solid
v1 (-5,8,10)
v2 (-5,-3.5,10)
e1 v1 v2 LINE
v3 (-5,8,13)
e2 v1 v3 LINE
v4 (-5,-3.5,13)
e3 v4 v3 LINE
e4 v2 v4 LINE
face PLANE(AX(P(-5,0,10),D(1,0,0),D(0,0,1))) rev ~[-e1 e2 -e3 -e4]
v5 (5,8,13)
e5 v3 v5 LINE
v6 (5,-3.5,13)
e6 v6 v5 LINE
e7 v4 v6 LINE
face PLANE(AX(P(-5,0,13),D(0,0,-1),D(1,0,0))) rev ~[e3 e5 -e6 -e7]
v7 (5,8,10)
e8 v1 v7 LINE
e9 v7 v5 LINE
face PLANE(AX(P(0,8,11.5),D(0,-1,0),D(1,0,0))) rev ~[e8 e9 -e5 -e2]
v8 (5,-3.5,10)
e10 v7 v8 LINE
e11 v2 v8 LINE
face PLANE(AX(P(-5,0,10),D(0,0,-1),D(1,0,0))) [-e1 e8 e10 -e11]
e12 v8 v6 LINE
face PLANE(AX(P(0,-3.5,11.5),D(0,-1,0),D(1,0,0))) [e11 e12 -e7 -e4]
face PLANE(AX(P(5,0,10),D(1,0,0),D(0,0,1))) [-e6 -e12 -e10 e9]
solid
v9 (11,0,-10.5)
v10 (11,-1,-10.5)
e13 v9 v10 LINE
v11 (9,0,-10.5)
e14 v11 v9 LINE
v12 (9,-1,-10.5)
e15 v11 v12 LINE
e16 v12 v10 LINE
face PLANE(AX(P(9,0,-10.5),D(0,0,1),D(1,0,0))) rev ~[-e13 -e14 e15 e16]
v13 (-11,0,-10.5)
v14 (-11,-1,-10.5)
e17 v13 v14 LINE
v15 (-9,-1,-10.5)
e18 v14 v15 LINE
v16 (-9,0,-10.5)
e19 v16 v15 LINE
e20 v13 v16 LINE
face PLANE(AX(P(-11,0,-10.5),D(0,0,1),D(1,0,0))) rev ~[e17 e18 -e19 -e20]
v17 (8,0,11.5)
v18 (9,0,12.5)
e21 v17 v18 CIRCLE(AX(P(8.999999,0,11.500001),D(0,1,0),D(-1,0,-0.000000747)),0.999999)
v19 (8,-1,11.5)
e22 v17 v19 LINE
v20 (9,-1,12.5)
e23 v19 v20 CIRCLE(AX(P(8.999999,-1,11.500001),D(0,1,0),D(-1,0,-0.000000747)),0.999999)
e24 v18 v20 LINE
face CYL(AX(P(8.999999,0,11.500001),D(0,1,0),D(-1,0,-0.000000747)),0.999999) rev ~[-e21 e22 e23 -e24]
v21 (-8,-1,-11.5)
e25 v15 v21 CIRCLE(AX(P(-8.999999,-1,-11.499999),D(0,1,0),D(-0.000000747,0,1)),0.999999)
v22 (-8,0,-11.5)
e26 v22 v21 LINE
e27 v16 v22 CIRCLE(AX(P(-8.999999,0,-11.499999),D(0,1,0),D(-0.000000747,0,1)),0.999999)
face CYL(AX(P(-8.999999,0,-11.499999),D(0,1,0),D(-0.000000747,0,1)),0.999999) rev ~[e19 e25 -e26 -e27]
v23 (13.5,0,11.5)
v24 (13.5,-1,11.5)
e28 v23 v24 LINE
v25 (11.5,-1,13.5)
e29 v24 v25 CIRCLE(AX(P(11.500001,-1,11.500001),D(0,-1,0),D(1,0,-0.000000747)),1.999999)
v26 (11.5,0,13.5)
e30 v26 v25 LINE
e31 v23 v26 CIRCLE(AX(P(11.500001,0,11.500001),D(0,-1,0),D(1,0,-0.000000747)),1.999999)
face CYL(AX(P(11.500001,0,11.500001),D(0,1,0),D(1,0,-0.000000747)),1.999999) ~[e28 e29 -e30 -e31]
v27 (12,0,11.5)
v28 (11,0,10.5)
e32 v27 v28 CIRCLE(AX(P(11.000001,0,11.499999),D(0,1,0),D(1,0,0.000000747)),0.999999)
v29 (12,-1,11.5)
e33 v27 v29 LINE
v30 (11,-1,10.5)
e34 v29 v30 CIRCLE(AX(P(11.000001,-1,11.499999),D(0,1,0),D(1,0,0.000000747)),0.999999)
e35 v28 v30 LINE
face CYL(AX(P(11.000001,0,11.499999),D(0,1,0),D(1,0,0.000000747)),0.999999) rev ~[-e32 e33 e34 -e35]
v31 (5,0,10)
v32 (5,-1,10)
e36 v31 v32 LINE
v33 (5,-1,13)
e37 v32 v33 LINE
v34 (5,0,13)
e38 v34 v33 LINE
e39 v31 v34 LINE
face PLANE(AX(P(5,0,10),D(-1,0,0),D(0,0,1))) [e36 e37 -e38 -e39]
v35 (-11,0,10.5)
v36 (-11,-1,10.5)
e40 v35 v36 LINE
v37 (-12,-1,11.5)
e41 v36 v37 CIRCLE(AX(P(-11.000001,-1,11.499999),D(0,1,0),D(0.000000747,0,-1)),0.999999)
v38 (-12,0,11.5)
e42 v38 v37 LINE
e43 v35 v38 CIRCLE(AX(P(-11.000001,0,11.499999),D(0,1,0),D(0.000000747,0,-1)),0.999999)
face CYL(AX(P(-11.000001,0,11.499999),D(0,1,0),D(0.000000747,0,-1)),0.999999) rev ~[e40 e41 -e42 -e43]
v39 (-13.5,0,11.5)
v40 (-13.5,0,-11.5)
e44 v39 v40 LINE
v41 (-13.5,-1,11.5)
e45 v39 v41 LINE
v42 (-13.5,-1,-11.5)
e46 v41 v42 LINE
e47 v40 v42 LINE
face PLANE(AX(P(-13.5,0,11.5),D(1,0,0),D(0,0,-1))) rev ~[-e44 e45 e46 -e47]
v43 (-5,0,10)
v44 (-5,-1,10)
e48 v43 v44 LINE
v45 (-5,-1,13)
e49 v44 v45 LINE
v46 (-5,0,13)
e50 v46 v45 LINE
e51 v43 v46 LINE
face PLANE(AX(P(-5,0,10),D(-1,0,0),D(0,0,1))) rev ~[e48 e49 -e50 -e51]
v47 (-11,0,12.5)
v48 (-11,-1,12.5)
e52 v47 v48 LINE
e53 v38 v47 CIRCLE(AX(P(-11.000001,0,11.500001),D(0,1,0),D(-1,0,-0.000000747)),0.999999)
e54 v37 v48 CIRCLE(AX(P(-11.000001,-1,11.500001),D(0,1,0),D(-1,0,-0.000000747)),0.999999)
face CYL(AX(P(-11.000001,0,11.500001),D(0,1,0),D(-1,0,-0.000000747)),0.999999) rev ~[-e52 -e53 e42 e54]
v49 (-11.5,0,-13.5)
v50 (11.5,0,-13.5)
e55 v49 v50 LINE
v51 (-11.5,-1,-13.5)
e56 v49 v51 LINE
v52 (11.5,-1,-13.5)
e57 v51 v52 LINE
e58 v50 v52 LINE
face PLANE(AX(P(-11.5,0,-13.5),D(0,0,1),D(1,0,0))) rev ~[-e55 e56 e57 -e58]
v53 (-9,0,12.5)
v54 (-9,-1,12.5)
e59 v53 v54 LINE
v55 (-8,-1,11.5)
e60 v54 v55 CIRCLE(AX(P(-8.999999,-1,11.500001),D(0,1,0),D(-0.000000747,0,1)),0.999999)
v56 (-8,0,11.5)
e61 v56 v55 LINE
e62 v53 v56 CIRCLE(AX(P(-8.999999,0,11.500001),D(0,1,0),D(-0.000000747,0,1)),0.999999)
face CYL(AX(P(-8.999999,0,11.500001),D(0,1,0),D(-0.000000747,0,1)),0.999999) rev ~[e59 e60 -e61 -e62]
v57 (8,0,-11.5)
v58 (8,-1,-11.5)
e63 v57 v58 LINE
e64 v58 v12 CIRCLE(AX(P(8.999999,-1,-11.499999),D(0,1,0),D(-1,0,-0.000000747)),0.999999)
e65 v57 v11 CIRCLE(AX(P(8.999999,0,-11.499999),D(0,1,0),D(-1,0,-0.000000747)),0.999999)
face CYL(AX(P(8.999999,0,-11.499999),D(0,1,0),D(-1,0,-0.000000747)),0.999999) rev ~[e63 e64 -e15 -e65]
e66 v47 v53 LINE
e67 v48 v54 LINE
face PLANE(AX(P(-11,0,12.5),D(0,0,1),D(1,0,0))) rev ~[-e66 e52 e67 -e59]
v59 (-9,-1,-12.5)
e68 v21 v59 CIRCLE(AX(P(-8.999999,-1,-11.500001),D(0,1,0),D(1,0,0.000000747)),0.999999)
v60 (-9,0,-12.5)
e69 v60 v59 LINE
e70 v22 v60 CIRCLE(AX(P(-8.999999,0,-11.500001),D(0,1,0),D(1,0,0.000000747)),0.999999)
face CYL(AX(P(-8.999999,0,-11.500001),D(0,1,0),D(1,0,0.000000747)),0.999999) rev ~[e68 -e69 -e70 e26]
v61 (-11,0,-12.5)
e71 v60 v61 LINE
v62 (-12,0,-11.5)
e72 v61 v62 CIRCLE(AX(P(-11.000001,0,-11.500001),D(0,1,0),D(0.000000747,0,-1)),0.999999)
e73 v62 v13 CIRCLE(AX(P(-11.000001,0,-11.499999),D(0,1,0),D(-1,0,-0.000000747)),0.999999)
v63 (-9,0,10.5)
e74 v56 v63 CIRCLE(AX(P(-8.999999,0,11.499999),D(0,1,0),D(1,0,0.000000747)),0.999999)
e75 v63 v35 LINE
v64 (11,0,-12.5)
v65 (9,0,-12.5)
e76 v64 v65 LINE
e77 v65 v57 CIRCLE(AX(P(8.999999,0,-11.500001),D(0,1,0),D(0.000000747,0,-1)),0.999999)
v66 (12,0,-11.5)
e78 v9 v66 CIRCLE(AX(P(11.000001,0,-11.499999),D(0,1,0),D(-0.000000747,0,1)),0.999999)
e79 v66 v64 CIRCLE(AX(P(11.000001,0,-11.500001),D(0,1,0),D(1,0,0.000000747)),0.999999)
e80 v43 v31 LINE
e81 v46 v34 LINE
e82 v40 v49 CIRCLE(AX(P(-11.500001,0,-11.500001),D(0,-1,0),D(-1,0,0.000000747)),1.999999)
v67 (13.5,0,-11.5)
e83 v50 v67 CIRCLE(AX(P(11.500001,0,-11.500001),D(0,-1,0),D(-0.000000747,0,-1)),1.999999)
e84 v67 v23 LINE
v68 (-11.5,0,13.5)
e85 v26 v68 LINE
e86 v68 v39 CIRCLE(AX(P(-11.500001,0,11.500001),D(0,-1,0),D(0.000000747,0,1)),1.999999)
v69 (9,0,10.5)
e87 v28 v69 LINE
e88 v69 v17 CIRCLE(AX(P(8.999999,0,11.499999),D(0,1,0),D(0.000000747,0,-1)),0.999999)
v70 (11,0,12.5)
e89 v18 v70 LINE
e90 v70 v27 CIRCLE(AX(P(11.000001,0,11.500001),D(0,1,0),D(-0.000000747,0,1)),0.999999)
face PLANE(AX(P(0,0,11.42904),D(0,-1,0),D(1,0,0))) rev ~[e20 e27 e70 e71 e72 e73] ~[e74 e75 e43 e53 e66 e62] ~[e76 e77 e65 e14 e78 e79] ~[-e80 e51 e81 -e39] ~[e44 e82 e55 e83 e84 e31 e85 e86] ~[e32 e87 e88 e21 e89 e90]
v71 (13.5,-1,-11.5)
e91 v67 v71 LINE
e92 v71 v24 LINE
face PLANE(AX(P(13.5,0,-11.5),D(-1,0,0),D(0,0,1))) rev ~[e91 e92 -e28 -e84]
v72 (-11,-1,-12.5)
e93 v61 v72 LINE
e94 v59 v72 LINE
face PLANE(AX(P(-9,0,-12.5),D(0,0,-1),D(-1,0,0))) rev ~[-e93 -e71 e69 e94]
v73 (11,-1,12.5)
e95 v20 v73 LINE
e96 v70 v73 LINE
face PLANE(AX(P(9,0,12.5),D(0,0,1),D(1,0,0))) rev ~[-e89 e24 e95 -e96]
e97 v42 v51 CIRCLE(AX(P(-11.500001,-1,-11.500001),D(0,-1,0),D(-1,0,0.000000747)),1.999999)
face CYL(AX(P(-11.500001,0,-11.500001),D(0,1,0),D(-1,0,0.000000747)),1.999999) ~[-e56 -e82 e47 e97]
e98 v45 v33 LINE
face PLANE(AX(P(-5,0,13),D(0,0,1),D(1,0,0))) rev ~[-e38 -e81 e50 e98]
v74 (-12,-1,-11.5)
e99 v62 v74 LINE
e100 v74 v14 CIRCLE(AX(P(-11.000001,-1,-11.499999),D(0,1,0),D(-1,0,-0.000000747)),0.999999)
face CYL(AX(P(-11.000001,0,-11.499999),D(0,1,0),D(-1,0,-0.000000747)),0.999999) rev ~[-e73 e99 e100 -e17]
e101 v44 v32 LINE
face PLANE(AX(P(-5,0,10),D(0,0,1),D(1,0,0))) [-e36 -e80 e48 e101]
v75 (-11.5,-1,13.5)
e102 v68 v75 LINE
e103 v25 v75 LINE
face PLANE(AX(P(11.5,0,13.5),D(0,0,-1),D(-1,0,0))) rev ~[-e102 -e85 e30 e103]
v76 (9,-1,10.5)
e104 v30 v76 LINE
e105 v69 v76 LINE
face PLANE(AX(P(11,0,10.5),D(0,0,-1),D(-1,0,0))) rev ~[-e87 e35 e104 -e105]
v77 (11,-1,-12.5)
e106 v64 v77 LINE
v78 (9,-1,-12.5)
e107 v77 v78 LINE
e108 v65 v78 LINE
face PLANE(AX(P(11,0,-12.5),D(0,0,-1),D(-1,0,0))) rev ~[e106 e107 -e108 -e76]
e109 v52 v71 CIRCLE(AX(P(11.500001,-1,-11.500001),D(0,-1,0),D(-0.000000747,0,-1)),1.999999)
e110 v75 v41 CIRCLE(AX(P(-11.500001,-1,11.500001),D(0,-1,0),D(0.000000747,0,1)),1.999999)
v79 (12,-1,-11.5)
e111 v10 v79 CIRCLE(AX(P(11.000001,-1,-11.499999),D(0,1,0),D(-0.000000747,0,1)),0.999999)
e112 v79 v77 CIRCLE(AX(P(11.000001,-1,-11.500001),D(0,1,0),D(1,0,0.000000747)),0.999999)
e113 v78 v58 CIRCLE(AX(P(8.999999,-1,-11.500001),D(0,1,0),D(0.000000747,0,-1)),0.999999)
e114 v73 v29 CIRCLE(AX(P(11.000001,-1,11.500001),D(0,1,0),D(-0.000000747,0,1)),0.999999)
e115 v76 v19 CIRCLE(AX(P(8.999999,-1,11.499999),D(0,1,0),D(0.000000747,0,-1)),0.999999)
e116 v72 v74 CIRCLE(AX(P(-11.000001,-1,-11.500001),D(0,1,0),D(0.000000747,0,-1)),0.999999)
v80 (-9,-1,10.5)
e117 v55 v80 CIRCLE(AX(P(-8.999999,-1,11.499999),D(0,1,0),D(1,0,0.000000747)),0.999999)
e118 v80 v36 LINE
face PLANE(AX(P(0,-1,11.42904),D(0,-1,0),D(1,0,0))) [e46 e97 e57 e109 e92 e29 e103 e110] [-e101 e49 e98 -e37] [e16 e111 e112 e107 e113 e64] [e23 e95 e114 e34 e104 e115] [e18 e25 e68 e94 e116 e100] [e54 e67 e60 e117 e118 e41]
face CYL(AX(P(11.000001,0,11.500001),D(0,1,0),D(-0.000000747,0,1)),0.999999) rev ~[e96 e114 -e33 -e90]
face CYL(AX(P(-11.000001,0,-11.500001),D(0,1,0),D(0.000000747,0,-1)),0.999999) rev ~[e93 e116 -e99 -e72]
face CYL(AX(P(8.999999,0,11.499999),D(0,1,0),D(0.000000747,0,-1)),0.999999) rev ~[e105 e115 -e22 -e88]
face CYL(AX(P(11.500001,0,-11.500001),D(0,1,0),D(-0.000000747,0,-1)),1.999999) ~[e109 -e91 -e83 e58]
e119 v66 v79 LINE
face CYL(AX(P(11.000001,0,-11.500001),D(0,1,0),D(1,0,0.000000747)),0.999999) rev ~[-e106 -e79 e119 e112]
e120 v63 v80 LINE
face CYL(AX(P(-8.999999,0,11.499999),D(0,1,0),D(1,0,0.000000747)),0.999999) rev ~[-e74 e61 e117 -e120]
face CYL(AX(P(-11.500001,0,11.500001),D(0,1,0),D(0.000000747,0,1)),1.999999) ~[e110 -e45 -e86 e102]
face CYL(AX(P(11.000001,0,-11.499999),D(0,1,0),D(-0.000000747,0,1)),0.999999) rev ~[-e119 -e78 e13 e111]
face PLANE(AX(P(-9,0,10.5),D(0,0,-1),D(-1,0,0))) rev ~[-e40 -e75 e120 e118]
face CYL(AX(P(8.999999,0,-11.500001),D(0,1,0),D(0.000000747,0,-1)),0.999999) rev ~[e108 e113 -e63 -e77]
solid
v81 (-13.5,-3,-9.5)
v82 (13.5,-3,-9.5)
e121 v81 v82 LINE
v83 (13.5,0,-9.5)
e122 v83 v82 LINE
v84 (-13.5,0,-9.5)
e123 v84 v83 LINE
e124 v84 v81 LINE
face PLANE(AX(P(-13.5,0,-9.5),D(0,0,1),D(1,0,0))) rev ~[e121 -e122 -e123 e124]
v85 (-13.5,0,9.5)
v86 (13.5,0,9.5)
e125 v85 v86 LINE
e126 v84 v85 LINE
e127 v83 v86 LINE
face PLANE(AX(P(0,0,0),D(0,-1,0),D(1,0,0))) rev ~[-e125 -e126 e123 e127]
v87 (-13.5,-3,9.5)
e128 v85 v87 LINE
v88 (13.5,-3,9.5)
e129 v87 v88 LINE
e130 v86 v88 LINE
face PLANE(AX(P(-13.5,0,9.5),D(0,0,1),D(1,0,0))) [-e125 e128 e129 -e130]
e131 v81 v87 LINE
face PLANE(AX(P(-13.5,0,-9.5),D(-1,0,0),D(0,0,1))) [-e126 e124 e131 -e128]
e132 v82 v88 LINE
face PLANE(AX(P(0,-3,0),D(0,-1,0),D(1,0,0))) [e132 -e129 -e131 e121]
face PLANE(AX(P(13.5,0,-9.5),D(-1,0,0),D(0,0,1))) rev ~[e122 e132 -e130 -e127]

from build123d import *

# Parameters (mm, degrees)
F0_W          = 10
F0_H          = 3
F0_W_2        = 27
F0_H_2        = 19
F1_DEPTH      = 1
F2_DEPTH      = 3
F3_DEPTH      = 3.5
F3_DEPTH_BACK = 8


with BuildPart() as f1:
    # F0 (on Front) → F1 (new body)
    with BuildSketch(Plane.XZ):
        with BuildLine():
            Line((-13.5, 9.5), (13.5, 9.5))
            Line((13.5, 9.5), (13.5, 11.5))
            ThreePointArc((13.5, 11.5), (12.914214, 12.914214), (11.5, 13.5))
            Line((11.5, 13.5), (-11.5, 13.5))
            ThreePointArc((-11.5, 13.5), (-12.914214, 12.914214), (-13.5, 11.5))
            Line((-13.5, 11.5), (-13.5, 9.5))
        make_face()
        with BuildLine():
            ThreePointArc((-8, 11.5), (-8.292893, 10.792893), (-9, 10.5))
            Line((-9, 10.5), (-11, 10.5))
            ThreePointArc((-11, 10.5), (-11.707107, 10.792893), (-12, 11.5))
            ThreePointArc((-12, 11.5), (-11.707107, 12.207107), (-11, 12.5))
            Line((-11, 12.5), (-9, 12.5))
            ThreePointArc((-9, 12.5), (-8.292893, 12.207107), (-8, 11.5))
        make_face(mode=Mode.SUBTRACT)
        with Locations((0, 11.5)):
            Rectangle(F0_W, F0_H, mode=Mode.SUBTRACT)
        with BuildLine():
            ThreePointArc((9, 10.5), (8.292893, 10.792893), (8, 11.5))
            ThreePointArc((8, 11.5), (8.292893, 12.207107), (9, 12.5))
            Line((9, 12.5), (11, 12.5))
            ThreePointArc((11, 12.5), (11.707107, 12.207107), (12, 11.5))
            ThreePointArc((12, 11.5), (11.707107, 10.792893), (11, 10.5))
            Line((11, 10.5), (9, 10.5))
        make_face(mode=Mode.SUBTRACT)
        Rectangle(F0_W_2, F0_H_2)
        with BuildLine():
            Line((-11.5, -13.5), (11.5, -13.5))
            ThreePointArc((11.5, -13.5), (12.914214, -12.914214), (13.5, -11.5))
            Line((13.5, -11.5), (13.5, -9.5))
            Line((13.5, -9.5), (-13.5, -9.5))
            Line((-13.5, -9.5), (-13.5, -11.5))
            ThreePointArc((-13.5, -11.5), (-12.914214, -12.914214), (-11.5, -13.5))
        make_face()
        with BuildLine():
            ThreePointArc((-11, -12.5), (-11.707107, -12.207107), (-12, -11.5))
            ThreePointArc((-12, -11.5), (-11.707107, -10.792893), (-11, -10.5))
            Line((-11, -10.5), (-9, -10.5))
            ThreePointArc((-9, -10.5), (-8.292893, -10.792893), (-8, -11.5))
            ThreePointArc((-8, -11.5), (-8.292893, -12.207107), (-9, -12.5))
            Line((-9, -12.5), (-11, -12.5))
        make_face(mode=Mode.SUBTRACT)
        with BuildLine():
            ThreePointArc((12, -11.5), (11.707107, -12.207107), (11, -12.5))
            Line((11, -12.5), (9, -12.5))
            ThreePointArc((9, -12.5), (8.292893, -12.207107), (8, -11.5))
            ThreePointArc((8, -11.5), (8.292893, -10.792893), (9, -10.5))
            Line((9, -10.5), (11, -10.5))
            ThreePointArc((11, -10.5), (11.707107, -10.792893), (12, -11.5))
        make_face(mode=Mode.SUBTRACT)
    extrude(amount=F1_DEPTH)


with BuildPart() as f2:
    # F0 (on Front) → F2 (new body)
    with BuildSketch(Plane.XZ):
        Rectangle(F0_W_2, F0_H_2)
    extrude(amount=F2_DEPTH)


with BuildPart() as f3:
    # F0 (on Front) → F3 (new body, two sides)
    with BuildSketch(Plane.XZ) as f3_sk:
        with Locations((0, 11.5)):
            Rectangle(F0_W, F0_H)
    extrude(amount=F3_DEPTH)
    extrude(f3_sk.sketch, amount=-F3_DEPTH_BACK)


solid = Compound([f1.part, f2.part, f3.part])
